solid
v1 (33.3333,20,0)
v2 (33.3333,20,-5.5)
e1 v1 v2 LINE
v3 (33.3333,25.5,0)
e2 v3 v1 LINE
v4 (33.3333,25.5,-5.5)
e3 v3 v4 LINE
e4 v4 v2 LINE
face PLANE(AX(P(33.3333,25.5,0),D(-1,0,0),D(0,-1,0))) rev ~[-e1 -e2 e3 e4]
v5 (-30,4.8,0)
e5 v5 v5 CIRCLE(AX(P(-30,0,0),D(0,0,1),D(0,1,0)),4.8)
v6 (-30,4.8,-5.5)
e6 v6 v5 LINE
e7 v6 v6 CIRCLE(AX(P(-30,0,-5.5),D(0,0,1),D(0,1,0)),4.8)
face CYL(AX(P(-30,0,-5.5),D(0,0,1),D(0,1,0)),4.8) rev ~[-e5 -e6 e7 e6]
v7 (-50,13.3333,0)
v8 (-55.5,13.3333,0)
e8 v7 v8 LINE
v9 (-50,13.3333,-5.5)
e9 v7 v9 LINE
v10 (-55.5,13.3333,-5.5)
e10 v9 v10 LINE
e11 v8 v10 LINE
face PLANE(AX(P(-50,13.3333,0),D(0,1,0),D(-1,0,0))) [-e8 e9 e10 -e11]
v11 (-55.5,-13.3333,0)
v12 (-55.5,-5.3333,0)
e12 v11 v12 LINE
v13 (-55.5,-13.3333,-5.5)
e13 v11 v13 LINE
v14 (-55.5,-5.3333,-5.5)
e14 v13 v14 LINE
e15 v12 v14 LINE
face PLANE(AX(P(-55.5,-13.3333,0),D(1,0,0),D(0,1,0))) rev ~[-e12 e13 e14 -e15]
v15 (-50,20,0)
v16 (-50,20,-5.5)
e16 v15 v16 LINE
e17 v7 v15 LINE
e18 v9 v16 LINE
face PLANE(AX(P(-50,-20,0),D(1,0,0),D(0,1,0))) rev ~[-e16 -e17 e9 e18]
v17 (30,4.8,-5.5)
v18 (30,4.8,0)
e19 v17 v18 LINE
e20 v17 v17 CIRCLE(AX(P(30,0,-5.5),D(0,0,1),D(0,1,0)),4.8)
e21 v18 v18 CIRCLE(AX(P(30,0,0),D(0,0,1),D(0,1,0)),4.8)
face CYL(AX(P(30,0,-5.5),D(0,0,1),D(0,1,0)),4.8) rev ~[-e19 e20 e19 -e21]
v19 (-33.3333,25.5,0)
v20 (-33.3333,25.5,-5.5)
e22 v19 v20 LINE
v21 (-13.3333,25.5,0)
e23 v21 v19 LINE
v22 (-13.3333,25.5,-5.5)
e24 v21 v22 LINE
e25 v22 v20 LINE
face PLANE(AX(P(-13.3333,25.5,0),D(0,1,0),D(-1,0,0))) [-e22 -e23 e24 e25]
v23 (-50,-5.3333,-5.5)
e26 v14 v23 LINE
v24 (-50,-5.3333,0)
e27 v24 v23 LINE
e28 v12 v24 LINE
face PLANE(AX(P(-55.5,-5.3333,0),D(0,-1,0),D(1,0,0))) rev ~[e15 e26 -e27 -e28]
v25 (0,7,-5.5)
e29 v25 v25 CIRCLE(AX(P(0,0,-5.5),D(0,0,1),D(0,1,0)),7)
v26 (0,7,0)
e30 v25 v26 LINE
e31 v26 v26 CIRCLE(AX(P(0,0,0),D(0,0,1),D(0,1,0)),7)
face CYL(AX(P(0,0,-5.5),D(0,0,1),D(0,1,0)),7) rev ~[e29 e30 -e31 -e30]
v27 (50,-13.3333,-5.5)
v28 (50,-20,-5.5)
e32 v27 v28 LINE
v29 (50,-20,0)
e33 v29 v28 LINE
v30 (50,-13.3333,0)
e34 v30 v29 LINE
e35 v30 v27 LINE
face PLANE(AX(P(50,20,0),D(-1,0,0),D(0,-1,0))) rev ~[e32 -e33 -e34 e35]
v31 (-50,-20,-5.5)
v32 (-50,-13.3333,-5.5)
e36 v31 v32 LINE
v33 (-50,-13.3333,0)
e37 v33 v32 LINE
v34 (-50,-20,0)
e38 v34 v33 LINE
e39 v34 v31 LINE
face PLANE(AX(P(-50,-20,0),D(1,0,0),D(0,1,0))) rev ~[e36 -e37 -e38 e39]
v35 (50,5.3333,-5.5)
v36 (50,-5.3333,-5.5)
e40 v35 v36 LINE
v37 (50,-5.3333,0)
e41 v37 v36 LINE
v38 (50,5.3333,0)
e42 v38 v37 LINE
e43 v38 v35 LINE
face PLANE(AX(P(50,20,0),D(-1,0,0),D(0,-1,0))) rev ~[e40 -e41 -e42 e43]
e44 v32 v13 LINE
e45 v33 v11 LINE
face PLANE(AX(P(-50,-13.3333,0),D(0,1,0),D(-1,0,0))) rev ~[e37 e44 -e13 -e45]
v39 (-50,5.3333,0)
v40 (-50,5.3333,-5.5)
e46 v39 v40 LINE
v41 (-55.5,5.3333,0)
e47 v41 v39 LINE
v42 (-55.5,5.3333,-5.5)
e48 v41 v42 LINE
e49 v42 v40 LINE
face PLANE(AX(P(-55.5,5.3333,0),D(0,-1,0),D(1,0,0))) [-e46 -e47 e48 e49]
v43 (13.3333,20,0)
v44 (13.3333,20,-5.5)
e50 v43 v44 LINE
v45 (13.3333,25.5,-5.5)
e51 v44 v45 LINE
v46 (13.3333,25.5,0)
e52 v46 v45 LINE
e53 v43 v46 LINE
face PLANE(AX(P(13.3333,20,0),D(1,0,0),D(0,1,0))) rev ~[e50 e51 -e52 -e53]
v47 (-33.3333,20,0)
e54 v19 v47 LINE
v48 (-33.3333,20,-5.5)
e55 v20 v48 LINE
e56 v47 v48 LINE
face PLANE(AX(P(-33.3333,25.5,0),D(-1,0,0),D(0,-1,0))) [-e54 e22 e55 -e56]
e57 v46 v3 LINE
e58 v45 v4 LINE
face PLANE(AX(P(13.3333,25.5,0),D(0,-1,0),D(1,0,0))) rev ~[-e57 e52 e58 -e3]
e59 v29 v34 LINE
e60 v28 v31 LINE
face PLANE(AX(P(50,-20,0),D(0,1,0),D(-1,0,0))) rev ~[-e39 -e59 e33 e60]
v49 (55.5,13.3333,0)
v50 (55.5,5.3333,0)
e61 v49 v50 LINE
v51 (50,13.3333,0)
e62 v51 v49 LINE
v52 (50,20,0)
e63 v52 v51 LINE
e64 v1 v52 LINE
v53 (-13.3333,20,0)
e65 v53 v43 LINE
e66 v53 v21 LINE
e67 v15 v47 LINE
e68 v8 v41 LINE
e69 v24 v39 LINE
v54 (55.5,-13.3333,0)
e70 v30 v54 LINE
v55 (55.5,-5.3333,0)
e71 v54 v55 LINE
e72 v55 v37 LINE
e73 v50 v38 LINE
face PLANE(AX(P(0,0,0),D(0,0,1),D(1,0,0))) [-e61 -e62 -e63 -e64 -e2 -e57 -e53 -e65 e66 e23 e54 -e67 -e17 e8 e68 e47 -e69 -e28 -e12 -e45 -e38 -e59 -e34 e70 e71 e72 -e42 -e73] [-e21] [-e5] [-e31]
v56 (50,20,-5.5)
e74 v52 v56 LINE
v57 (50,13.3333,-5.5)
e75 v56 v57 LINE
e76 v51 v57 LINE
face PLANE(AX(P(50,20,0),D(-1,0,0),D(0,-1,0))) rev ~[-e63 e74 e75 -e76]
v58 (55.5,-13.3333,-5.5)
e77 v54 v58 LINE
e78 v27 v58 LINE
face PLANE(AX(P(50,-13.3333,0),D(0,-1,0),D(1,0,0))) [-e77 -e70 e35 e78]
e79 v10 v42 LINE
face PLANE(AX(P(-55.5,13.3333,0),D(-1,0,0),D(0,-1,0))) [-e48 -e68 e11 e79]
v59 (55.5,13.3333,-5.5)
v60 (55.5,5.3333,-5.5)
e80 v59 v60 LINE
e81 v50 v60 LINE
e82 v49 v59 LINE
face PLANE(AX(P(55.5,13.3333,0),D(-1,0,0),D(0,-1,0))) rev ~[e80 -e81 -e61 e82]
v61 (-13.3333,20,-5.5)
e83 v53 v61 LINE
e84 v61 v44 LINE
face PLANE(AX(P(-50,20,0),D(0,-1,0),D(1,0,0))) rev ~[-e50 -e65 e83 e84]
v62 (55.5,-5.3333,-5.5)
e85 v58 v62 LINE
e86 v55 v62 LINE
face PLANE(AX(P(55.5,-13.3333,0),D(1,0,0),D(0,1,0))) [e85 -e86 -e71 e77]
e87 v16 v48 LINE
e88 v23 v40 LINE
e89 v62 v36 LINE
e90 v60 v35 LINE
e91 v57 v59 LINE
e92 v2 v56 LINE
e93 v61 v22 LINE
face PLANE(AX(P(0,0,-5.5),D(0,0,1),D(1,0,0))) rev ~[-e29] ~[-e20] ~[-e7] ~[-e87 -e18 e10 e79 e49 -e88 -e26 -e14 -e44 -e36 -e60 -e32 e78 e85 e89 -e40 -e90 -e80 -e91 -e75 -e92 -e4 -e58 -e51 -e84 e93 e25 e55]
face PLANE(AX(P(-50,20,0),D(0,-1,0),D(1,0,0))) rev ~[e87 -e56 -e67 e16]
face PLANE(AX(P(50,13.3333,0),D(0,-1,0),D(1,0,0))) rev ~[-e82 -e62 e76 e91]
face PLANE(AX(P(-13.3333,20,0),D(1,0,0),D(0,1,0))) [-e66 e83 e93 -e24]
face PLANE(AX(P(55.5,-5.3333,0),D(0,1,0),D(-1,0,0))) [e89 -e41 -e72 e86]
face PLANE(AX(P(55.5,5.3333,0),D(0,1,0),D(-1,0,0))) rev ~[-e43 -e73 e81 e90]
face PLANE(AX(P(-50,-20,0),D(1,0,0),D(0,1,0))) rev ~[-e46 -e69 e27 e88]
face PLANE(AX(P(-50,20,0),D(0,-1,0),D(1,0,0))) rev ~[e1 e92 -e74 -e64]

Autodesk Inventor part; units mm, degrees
ref_plane "YZ Plane" through (0, 0, 0) normal (1, 0, 0) x (0, 1, 0)
ref_plane "XZ Plane" through (0, 0, 0) normal (0, 1, 0) x (-1, 0, 0)
ref_plane "XY Plane" through (0, 0, 0) normal (0, 0, 1) x (1, 0, 0)
sketch "Block1" plane through (0, 0, 0) normal (0, 0, 1) x (1, 0, 0)
  line L0 (-37.5521, 20) -> (-37.5521, 24)
  line L1 (-37.5521, 24) -> (-17.5521, 24)
  line L2 (-17.5521, 24) -> (-17.5521, 20)
  line L3 (-37.4196, 20) -> (-17.5521, 20)
  line L4 (17.5521, 24) -> (17.5521, 20)
  line L5 (37.5521, 20) -> (37.5521, 24)
  line L6 (37.5521, 24) -> (17.5521, 24)
  line L7 (37.4196, 20) -> (17.5521, 20)
  point P0 (0, 21.8462)
  dimension "d140" = 20
  dimension "d141" = 4
sketch "Block2" plane through (0, 0, 0) normal (0, 0, 1) x (1, 0, 0)
  line L0 (-33.5533, 20.22) -> (-33.5533, 29.22)
  line L1 (-33.5533, 29.22) -> (-13.1133, 29.22)
  line L2 (-13.1133, 29.22) -> (-13.1133, 20.22)
  line L3 (-13.1133, 20.22) -> (13.1133, 20.22)
  line L4 (13.1133, 20.22) -> (13.1133, 29.22)
  line L5 (13.1133, 29.22) -> (33.5533, 29.22)
  line L6 (33.5533, 29.22) -> (33.5533, 20.22)
  line L7 (33.5533, 20.22) -> (50.22, 20.22)
  line L8 (50.22, 20.22) -> (50.22, 13.5533)
  line L9 (50.22, 13.5533) -> (59.22, 13.5533)
  line L10 (59.22, 13.5533) -> (59.22, 5.1133)
  line L11 (59.22, 5.1133) -> (50.22, 5.1133)
  line L12 (50.22, 5.1133) -> (50.22, -5.1133)
  line L13 (50.22, -5.1133) -> (59.22, -5.1133)
  line L14 (59.22, -5.1133) -> (59.22, -13.5533)
  line L15 (59.22, -13.5533) -> (50.22, -13.5533)
  line L16 (50.22, -13.5533) -> (50.22, -20.22)
  line L17 (50.22, -20.22) -> (-50.22, -20.22)
  line L18 (-50.22, -20.22) -> (-50.22, -13.5533)
  line L19 (-50.22, -13.5533) -> (-59.22, -13.5533)
  line L20 (-59.22, -13.5533) -> (-59.22, -5.1133)
  line L21 (-59.22, -5.1133) -> (-50.22, -5.1133)
  line L22 (-50.22, -5.1133) -> (-50.22, 5.1133)
  line L23 (-50.22, 5.1133) -> (-59.22, 5.1133)
  line L24 (-59.22, 5.1133) -> (-59.22, 13.5533)
  line L25 (-59.22, 13.5533) -> (-50.22, 13.5533)
  line L26 (-50.22, 13.5533) -> (-50.22, 20.22)
  line L27 (-50.22, 20.22) -> (-33.5533, 20.22)
  circle A0 centre (-30, 0) radius 4.72
  circle A1 centre (0, 0) radius 4.72
  circle A2 centre (30, 0) radius 4.72
  point P0 (0, 6.592)
sketch "Block3" plane through (0, 0, 0) normal (0, 0, 1) x (1, 0, 0)
  line L0 (-33.4333, 29.1) -> (-13.2333, 29.1)
  line L1 (-13.2333, 29.1) -> (-13.2333, 20.1)
  line L2 (-13.2333, 20.1) -> (13.2333, 20.1)
  line L3 (13.2333, 20.1) -> (13.2333, 29.1)
  line L4 (13.2333, 29.1) -> (33.4333, 29.1)
  line L5 (33.4333, 29.1) -> (33.4333, 20.1)
  line L6 (33.4333, 20.1) -> (50.1, 20.1)
  line L7 (50.1, 20.1) -> (50.1, 13.4333)
  line L8 (50.1, 13.4333) -> (59.1, 13.4333)
  line L9 (59.1, 13.4333) -> (59.1, 5.2333)
  line L10 (59.1, 5.2333) -> (50.1, 5.2333)
  line L11 (50.1, 5.2333) -> (50.1, -5.2333)
  line L12 (50.1, -5.2333) -> (59.1, -5.2333)
  line L13 (59.1, -5.2333) -> (59.1, -13.4333)
  line L14 (59.1, -13.4333) -> (50.1, -13.4333)
  line L15 (50.1, -13.4333) -> (50.1, -20.1)
  line L16 (50.1, -20.1) -> (-50.1, -20.1)
  line L17 (-50.1, -20.1) -> (-50.1, -13.4333)
  line L18 (-50.1, -13.4333) -> (-59.1, -13.4333)
  line L19 (-59.1, -13.4333) -> (-59.1, -5.2333)
  line L20 (-59.1, -5.2333) -> (-50.1, -5.2333)
  line L21 (-50.1, -5.2333) -> (-50.1, 5.2333)
  line L22 (-50.1, 5.2333) -> (-59.1, 5.2333)
  line L23 (-59.1, 5.2333) -> (-59.1, 13.4333)
  line L24 (-59.1, 13.4333) -> (-50.1, 13.4333)
  line L25 (-50.1, 13.4333) -> (-50.1, 20.1)
  line L26 (-50.1, 20.1) -> (-33.4333, 20.1)
  line L27 (-33.4333, 20.1) -> (-33.4333, 29.1)
  circle A0 centre (-30, 0) radius 5.6
  circle A1 centre (0, 0) radius 7.1
  circle A2 centre (30, 0) radius 5.6
  point P0 (0, 6.56)
sketch "Block4" plane through (0, 0, 0) normal (0, 0, 1) x (1, 0, 0)
  line L0 (-33.5333, 29.2) -> (-13.1333, 29.2)
  line L1 (-13.1333, 29.2) -> (-13.1333, 20.2)
  line L2 (-13.1333, 20.2) -> (13.1333, 20.2)
  line L3 (13.1333, 20.2) -> (13.1333, 29.2)
  line L4 (13.1333, 29.2) -> (33.5333, 29.2)
  line L5 (33.5333, 29.2) -> (33.5333, 20.2)
  line L6 (33.5333, 20.2) -> (50.2, 20.2)
  line L7 (50.2, 20.2) -> (50.2, 13.5333)
  line L8 (50.2, 13.5333) -> (59.2, 13.5333)
  line L9 (59.2, 13.5333) -> (59.2, 5.1333)
  line L10 (59.2, 5.1333) -> (50.2, 5.1333)
  line L11 (50.2, 5.1333) -> (50.2, -5.1333)
  line L12 (50.2, -5.1333) -> (59.2, -5.1333)
  line L13 (59.2, -5.1333) -> (59.2, -13.5333)
  line L14 (59.2, -13.5333) -> (50.2, -13.5333)
  line L15 (50.2, -13.5333) -> (50.2, -20.2)
  line L16 (50.2, -20.2) -> (-50.2, -20.2)
  line L17 (-50.2, -20.2) -> (-50.2, -13.5333)
  line L18 (-50.2, -13.5333) -> (-59.2, -13.5333)
  line L19 (-59.2, -13.5333) -> (-59.2, -5.1333)
  line L20 (-59.2, -5.1333) -> (-50.2, -5.1333)
  line L21 (-50.2, -5.1333) -> (-50.2, 5.1333)
  line L22 (-50.2, 5.1333) -> (-59.2, 5.1333)
  line L23 (-59.2, 5.1333) -> (-59.2, 13.5333)
  line L24 (-59.2, 13.5333) -> (-50.2, 13.5333)
  line L25 (-50.2, 13.5333) -> (-50.2, 20.2)
  line L26 (-50.2, 20.2) -> (-33.5333, 20.2)
  line L27 (-33.5333, 20.2) -> (-33.5333, 29.2)
  circle A0 centre (-30, 0) radius 5.7
  circle A1 centre (0, 0) radius 7.2
  circle A2 centre (30, 0) radius 5.7
  point P0 (0, 6.5867)
sketch "Block5" plane through (0, 0, 0) normal (0, 0, 1) x (1, 0, 0)
  line L0 (13.2333, 29.1) -> (33.4333, 29.1)
  line L1 (33.4333, 29.1) -> (33.4333, 20.1)
  line L2 (33.4333, 20.1) -> (50.1, 20.1)
  line L3 (50.1, 20.1) -> (50.1, 13.4333)
  line L4 (50.1, 13.4333) -> (59.1, 13.4333)
  line L5 (59.1, 13.4333) -> (59.1, 5.2333)
  line L6 (59.1, 5.2333) -> (50.1, 5.2333)
  line L7 (50.1, 5.2333) -> (50.1, -5.2333)
  line L8 (50.1, -5.2333) -> (59.1, -5.2333)
  line L9 (59.1, -5.2333) -> (59.1, -13.4333)
  line L10 (59.1, -13.4333) -> (50.1, -13.4333)
  line L11 (50.1, -13.4333) -> (50.1, -20.1)
  line L12 (50.1, -20.1) -> (-50.1, -20.1)
  line L13 (-50.1, -20.1) -> (-50.1, -13.4333)
  line L14 (-50.1, -13.4333) -> (-59.1, -13.4333)
  line L15 (-59.1, -13.4333) -> (-59.1, -5.2333)
  line L16 (-59.1, -5.2333) -> (-50.1, -5.2333)
  line L17 (-50.1, -5.2333) -> (-50.1, 5.2333)
  line L18 (-50.1, 5.2333) -> (-59.1, 5.2333)
  line L19 (-59.1, 5.2333) -> (-59.1, 13.4333)
  line L20 (-59.1, 13.4333) -> (-50.1, 13.4333)
  line L21 (-50.1, 13.4333) -> (-50.1, 20.1)
  line L22 (-50.1, 20.1) -> (-33.4333, 20.1)
  line L23 (-33.4333, 20.1) -> (-33.4333, 29.1)
  line L24 (-33.4333, 29.1) -> (-13.2333, 29.1)
  line L25 (-13.2333, 29.1) -> (-13.2333, 20.1)
  line L26 (-13.2333, 20.1) -> (13.2333, 20.1)
  line L27 (13.2333, 20.1) -> (13.2333, 29.1)
  circle A0 centre (-30, 0) radius 5.6
  circle A1 centre (0, 0) radius 7.1
  circle A2 centre (30, 0) radius 5.6
  point P0 (0, 6.56)
sketch "Block6" plane through (0, 0, 0) normal (0, 0, 1) x (1, 0, 0)
  line L0 (-33.4133, 25.58) -> (-13.2533, 25.58)
  line L1 (-13.2533, 25.58) -> (-13.2533, 20.08)
  line L2 (-13.2533, 20.08) -> (13.2533, 20.08)
  line L3 (13.2533, 20.08) -> (13.2533, 25.58)
  line L4 (13.2533, 25.58) -> (33.4133, 25.58)
  line L5 (33.4133, 25.58) -> (33.4133, 20.08)
  line L6 (33.4133, 20.08) -> (50.08, 20.08)
  line L7 (50.08, 20.08) -> (50.08, 13.4133)
  line L8 (50.08, 13.4133) -> (55.58, 13.4133)
  line L9 (55.58, 13.4133) -> (55.58, 5.2533)
  line L10 (55.58, 5.2533) -> (50.08, 5.2533)
  line L11 (50.08, 5.2533) -> (50.08, -5.2533)
  line L12 (50.08, -5.2533) -> (55.58, -5.2533)
  line L13 (55.58, -5.2533) -> (55.58, -13.4133)
  line L14 (55.58, -13.4133) -> (50.08, -13.4133)
  line L15 (50.08, -13.4133) -> (50.08, -20.08)
  line L16 (50.08, -20.08) -> (-50.08, -20.08)
  line L17 (-50.08, -20.08) -> (-50.08, -13.4133)
  line L18 (-50.08, -13.4133) -> (-55.58, -13.4133)
  line L19 (-55.58, -13.4133) -> (-55.58, -5.2533)
  line L20 (-55.58, -5.2533) -> (-50.08, -5.2533)
  line L21 (-50.08, -5.2533) -> (-50.08, 5.2533)
  line L22 (-50.08, 5.2533) -> (-55.58, 5.2533)
  line L23 (-55.58, 5.2533) -> (-55.58, 13.4133)
  line L24 (-55.58, 13.4133) -> (-50.08, 13.4133)
  line L25 (-50.08, 13.4133) -> (-50.08, 20.08)
  line L26 (-50.08, 20.08) -> (-33.4133, 20.08)
  line L27 (-33.4133, 20.08) -> (-33.4133, 25.58)
  circle A0 centre (-30, 0) radius 5.58
  circle A1 centre (0, 0) radius 7.08
  circle A2 centre (30, 0) radius 5.58
  point P0 (0, 6.088)
sketch "Block7" plane through (0, 0, 0) normal (0, 0, 1) x (1, 0, 0)
  line L0 (-33.4133, 25.58) -> (-13.2533, 25.58)
  line L1 (-13.2533, 25.58) -> (-13.2533, 20.08)
  line L2 (-13.2533, 20.08) -> (13.2533, 20.08)
  line L3 (13.2533, 20.08) -> (13.2533, 25.58)
  line L4 (13.2533, 25.58) -> (33.4133, 25.58)
  line L5 (33.4133, 25.58) -> (33.4133, 20.08)
  line L6 (33.4133, 20.08) -> (50.08, 20.08)
  line L7 (50.08, 20.08) -> (50.08, 13.4133)
  line L8 (50.08, 13.4133) -> (55.58, 13.4133)
  line L9 (55.58, 13.4133) -> (55.58, 5.2533)
  line L10 (55.58, 5.2533) -> (50.08, 5.2533)
  line L11 (50.08, 5.2533) -> (50.08, -5.2533)
  line L12 (50.08, -5.2533) -> (55.58, -5.2533)
  line L13 (55.58, -5.2533) -> (55.58, -13.4133)
  line L14 (55.58, -13.4133) -> (50.08, -13.4133)
  line L15 (50.08, -13.4133) -> (50.08, -20.08)
  line L16 (50.08, -20.08) -> (-50.08, -20.08)
  line L17 (-50.08, -20.08) -> (-50.08, -13.4133)
  line L18 (-50.08, -13.4133) -> (-55.58, -13.4133)
  line L19 (-55.58, -13.4133) -> (-55.58, -5.2533)
  line L20 (-55.58, -5.2533) -> (-50.08, -5.2533)
  line L21 (-50.08, -5.2533) -> (-50.08, 5.2533)
  line L22 (-50.08, 5.2533) -> (-55.58, 5.2533)
  line L23 (-55.58, 5.2533) -> (-55.58, 13.4133)
  line L24 (-55.58, 13.4133) -> (-50.08, 13.4133)
  line L25 (-50.08, 13.4133) -> (-50.08, 20.08)
  line L26 (-50.08, 20.08) -> (-33.4133, 20.08)
  line L27 (-33.4133, 20.08) -> (-33.4133, 25.58)
  circle A0 centre (-30, 0) radius 4.88
  circle A1 centre (0, 0) radius 7.08
  circle A2 centre (30, 0) radius 4.88
  point P0 (0, 6.088)
sketch "Sketch10" plane through (0, 0, 0) normal (0, 0, 1) x (1, 0, 0)
  line L0 (50, -20) -> (-50, -20)
  line L1 (-50, -20) -> (-50, 20)
  line L2 (-50, 20) -> (50, 20)
  line L3 (50, 20) -> (50, -20)
  line L4 (50, -20) -> (-50, 20) construction
  line L5 (-50, -20) -> (50, 20) construction
  point P0 (0, 0)
  dimension "d21" = 100
  dimension "d22" = 40
extrude "Extrusion2" add sketch "Sketch10" against normal blind 5.5
sketch "Sketch16" plane through (0, 0, -5.5) normal (0, 0, -1) x (-1, 0, 0)
  line L0 (0, -30.0399) -> (0, 39.5395) projected
  point P0 (0, 0)
  point P1 (-30, 0)
  point P2 (30, 0)
  dimension "d52" = 60
hole "Hole5" at (30, 0, -5.5) at (-30, 0, -5.5) direction (0, 0, 1) diameter 9.6 end through all
sketch "Sketch17" plane through (0, 0, -5.5) normal (0, 0, -1) x (-1, 0, 0)
  point P0 (0, 0)
  point P1 (0, 0)
hole "Hole14" at (0, 0, -5.5) direction (0, 0, 1) diameter 14 end through all
sketch "Sketch34" plane through (0, 0, 0) normal (0, 0, 1) x (1, 0, 0)
  line L0 (-50, 20) -> (50, 20) projected
  line L1 (-50, -20) -> (-50, 20) projected
  line L2 (-30, 20) -> (-10, 20)
  line L3 (0, -30.0399) -> (0, 39.5395) projected
  line L4 (-234.7041, 0) -> (108.0673, 0) projected
  line L5 (-30, 20) -> (-30, 25.5)
  line L6 (-10, 20) -> (-10, 25.5)
  line L7 (-10, 25.5) -> (-30, 25.5)
  line L8 (30, 20) -> (10, 20)
  line L9 (30, 20) -> (30, 25.5)
  line L10 (10, 20) -> (10, 25.5)
  line L11 (10, 25.5) -> (30, 25.5)
  line L12 (-50, 13.3333) -> (-55.5, 13.3333)
  line L13 (-55.5, 13.3333) -> (-55.5, 5.3333)
  line L14 (-55.5, 5.3333) -> (-50, 5.3333)
  line L15 (-50, 13.3333) -> (-50, 5.3333)
  line L16 (50, 13.3333) -> (55.5, 13.3333)
  line L17 (55.5, 13.3333) -> (55.5, 5.3333)
  line L18 (55.5, 5.3333) -> (50, 5.3333)
  line L19 (50, 13.3333) -> (50, 5.3333)
  line L20 (-50, -13.3333) -> (-55.5, -13.3333)
  line L21 (-55.5, -13.3333) -> (-55.5, -5.3333)
  line L22 (-55.5, -5.3333) -> (-50, -5.3333)
  line L23 (-50, -13.3333) -> (-50, -5.3333)
  line L24 (50, -13.3333) -> (50, -5.3333)
  line L25 (55.5, -13.3333) -> (55.5, -5.3333)
  line L26 (55.5, -5.3333) -> (50, -5.3333)
  line L27 (50, -13.3333) -> (55.5, -13.3333)
  dimension "d131" = 20
  dimension "d132" = 5.5
  dimension "d133" = 5.5
  dimension "d134" = 8
  dimension "d135" = 6.6667
extrude "Extrusion4" add sketch "Sketch34" against normal blind 5.5 contours L1 L20 L21 L22 | L1 L14 L13 L12 | L16 L17 L18 L19 | L24 L26 L25 L27
sketch "Sketch35" plane through (0, 0, 0) normal (0, 0, 1) x (1, 0, 0)
  line L0 (-50, 20) -> (50, 20) projected
  line L1 (-50, 13.3333) -> (-50, 20) projected
  line L2 (0, -30.0399) -> (0, 39.5395) projected
  line L3 (-33.3333, 20) -> (-13.3333, 20)
  line L4 (-13.3333, 20) -> (-13.3333, 25.5)
  line L5 (-13.3333, 25.5) -> (-33.3333, 25.5)
  line L6 (-33.3333, 25.5) -> (-33.3333, 20)
  line L7 (33.3333, 20) -> (13.3333, 20)
  line L8 (13.3333, 20) -> (13.3333, 25.5)
  line L9 (13.3333, 25.5) -> (33.3333, 25.5)
  line L10 (33.3333, 25.5) -> (33.3333, 20)
  dimension "d142" = 16.6667
  dimension "d143" = 20
  dimension "d144" = 5.5
extrude "Extrusion5" add sketch "Sketch35" against normal blind 5.5
equation "\"d140\" = 0.2 * d21"
equation "\"d141\" = At"
equation "\"d23\" = Wt"
equation "\"d131\" = 0.2 * d21"
equation "\"d132\" = Wt"
equation "\"d133\" = Wt"
equation "\"d134\" = 0.2 * d22"
equation "\"d135\" = 0.166667 * d22"
equation "\"d138\" = Wt"
equation "\"d142\" = 0.166667 * d21"
equation "\"d143\" = 0.2 * d21"
equation "\"d144\" = Wt"
equation "\"d145\" = Wt"
equation "\"At\" = 4"
equation "\"Wt\" = 5.5"
properties part number "holder_plate" material "Wood (Birch)"
